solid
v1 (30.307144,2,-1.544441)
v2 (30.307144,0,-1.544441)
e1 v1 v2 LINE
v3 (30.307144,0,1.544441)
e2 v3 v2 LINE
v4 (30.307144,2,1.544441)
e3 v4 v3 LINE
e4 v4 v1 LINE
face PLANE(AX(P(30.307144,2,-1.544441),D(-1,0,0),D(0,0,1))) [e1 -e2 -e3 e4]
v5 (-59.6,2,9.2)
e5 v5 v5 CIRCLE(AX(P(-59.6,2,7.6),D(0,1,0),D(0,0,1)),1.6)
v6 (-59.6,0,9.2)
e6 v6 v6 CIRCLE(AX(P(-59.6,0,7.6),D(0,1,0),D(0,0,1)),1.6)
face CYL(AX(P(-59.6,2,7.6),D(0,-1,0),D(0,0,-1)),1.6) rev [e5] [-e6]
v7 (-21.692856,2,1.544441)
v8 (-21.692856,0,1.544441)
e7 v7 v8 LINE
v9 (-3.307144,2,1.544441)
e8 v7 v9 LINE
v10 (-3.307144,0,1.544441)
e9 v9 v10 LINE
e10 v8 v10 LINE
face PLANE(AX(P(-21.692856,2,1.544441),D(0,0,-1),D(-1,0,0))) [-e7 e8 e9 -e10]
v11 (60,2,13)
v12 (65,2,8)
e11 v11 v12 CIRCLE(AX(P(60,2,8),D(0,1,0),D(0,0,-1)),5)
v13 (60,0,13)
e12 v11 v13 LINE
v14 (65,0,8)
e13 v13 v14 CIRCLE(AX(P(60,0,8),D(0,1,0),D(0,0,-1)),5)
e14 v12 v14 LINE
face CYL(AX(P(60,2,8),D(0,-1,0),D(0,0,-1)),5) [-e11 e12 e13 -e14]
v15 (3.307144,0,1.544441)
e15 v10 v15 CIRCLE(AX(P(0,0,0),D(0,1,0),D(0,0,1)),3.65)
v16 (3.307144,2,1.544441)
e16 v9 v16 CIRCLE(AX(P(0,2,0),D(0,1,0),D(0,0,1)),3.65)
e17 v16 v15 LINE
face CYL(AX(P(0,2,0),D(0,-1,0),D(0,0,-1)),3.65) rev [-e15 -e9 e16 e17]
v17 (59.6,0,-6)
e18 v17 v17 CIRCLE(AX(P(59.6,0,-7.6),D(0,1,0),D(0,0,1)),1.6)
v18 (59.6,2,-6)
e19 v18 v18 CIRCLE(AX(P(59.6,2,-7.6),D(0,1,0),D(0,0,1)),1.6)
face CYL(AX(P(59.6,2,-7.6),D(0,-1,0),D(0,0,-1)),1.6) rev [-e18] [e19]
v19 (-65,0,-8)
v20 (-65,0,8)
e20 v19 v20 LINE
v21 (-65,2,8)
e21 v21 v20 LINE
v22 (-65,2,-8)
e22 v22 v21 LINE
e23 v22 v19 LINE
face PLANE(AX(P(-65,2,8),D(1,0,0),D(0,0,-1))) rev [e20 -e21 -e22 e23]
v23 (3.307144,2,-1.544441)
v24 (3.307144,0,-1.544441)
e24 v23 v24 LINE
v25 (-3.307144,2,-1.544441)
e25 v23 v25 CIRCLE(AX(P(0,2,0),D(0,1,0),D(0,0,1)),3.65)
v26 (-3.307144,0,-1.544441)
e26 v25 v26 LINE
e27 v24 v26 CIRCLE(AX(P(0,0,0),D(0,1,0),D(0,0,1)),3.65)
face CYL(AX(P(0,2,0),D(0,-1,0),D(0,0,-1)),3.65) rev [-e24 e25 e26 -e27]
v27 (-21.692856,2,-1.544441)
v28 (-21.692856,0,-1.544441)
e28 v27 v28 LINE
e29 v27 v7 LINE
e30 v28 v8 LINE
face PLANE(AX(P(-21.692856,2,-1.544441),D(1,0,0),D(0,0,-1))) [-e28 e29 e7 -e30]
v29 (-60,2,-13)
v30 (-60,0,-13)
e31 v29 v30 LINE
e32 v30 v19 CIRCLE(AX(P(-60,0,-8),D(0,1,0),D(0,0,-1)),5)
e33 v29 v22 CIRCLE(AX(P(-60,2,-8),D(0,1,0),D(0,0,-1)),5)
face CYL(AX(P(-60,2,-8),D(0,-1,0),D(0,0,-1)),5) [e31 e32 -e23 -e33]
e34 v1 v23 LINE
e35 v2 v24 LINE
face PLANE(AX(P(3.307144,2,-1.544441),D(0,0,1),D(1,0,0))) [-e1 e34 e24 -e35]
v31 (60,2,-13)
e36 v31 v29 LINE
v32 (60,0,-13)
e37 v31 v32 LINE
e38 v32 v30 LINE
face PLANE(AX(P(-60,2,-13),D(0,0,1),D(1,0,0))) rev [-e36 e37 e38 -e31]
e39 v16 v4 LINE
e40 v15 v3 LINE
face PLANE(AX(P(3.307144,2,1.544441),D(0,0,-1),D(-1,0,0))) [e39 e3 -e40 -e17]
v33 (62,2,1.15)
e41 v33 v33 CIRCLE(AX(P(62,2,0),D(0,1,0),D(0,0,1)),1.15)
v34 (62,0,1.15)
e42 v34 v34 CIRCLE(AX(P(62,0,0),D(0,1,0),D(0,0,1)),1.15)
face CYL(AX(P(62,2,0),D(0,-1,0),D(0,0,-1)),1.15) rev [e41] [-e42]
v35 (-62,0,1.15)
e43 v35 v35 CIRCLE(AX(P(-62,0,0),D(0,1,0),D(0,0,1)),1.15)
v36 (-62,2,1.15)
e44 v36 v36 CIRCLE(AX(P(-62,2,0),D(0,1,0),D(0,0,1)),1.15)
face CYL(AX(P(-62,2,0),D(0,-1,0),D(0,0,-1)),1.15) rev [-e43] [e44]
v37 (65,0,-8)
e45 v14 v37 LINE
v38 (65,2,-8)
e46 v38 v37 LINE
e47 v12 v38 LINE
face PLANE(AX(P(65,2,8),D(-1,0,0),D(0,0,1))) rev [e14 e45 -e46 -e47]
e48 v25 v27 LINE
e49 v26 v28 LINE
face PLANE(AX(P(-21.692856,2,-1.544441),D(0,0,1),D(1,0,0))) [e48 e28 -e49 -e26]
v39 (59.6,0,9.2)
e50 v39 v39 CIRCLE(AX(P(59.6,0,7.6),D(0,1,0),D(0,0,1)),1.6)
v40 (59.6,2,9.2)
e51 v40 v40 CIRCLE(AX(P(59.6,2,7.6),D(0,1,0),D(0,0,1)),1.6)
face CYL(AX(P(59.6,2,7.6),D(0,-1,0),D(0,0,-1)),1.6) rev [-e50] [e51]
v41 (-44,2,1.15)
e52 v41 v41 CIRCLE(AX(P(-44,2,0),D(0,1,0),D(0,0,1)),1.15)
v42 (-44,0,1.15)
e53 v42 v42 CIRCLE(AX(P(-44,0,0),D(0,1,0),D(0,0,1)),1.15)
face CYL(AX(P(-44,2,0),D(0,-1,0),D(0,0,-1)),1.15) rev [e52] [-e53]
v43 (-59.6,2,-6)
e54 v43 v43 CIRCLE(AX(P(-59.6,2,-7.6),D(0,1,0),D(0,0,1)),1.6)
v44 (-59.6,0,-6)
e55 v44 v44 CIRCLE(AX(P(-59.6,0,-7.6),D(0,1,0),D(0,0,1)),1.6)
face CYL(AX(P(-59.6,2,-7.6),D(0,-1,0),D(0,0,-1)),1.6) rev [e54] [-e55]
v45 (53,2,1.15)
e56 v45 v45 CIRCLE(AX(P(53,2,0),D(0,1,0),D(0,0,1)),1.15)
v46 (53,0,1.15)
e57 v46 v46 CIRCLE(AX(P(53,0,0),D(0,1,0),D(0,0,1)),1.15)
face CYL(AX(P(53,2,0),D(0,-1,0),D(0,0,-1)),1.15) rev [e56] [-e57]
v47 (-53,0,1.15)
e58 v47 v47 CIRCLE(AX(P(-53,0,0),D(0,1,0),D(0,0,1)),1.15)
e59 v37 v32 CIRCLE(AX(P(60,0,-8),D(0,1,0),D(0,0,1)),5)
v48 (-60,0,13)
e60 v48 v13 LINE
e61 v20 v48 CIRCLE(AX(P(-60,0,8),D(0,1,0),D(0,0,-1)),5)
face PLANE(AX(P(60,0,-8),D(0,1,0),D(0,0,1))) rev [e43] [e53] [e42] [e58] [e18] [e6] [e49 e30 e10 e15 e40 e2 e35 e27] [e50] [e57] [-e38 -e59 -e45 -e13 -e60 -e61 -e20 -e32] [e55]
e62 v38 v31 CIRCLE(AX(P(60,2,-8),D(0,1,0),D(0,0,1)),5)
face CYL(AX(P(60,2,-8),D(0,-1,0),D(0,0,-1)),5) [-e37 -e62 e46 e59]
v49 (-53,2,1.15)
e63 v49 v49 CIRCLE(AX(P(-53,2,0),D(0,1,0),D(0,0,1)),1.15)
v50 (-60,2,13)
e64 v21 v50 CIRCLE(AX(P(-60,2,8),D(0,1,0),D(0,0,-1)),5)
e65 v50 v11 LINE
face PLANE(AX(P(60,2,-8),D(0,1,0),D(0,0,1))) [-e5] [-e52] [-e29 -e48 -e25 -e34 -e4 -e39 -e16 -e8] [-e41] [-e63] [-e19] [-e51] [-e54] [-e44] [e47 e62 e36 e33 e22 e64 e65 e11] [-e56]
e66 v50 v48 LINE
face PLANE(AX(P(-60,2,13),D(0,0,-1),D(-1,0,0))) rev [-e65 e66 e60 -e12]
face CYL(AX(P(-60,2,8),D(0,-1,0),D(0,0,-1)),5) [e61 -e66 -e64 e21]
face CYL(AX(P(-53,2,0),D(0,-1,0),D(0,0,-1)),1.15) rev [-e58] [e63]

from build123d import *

# Parameters (mm, degrees)
ESBO_O1_R                = 1.6
ESBO_O1_R_2              = 1.15
RESSALTO_EXTRUS_O1_DEPTH = 2


with BuildPart() as part:
    # Esboço1 → Ressalto-extrusão1 (new body)
    with BuildSketch(Plane(origin=(0, 0, 0), x_dir=(1, 0, 0), z_dir=(0, 1, 0))):
        with BuildLine():
            Line((-60, -13), (60, -13))
            ThreePointArc((60, -13), (63.535533906, -11.535533906), (65, -8))
            Line((65, -8), (65, 8))
            ThreePointArc((65, 8), (63.535533906, 11.535533906), (60, 13))
            Line((60, 13), (-60, 13))
            ThreePointArc((-60, 13), (-63.535533906, 11.535533906), (-65, 8))
            Line((-65, 8), (-65, -8))
            ThreePointArc((-65, -8), (-63.535533906, -11.535533906), (-60, -13))
        make_face()
        with Locations((59.6, 7.6)):
            Circle(ESBO_O1_R, mode=Mode.SUBTRACT)
        with Locations((59.6, -7.6)):
            Circle(ESBO_O1_R, mode=Mode.SUBTRACT)
        with Locations((62, 0)):
            Circle(ESBO_O1_R_2, mode=Mode.SUBTRACT)
        with Locations((53, 0)):
            Circle(ESBO_O1_R_2, mode=Mode.SUBTRACT)
        with Locations((-59.6, 7.6)):
            Circle(ESBO_O1_R, mode=Mode.SUBTRACT)
        with Locations((-59.6, -7.6)):
            Circle(ESBO_O1_R, mode=Mode.SUBTRACT)
        with Locations((-53, 0)):
            Circle(ESBO_O1_R_2, mode=Mode.SUBTRACT)
        with Locations((-62, 0)):
            Circle(ESBO_O1_R_2, mode=Mode.SUBTRACT)
        with Locations((-44, 0)):
            Circle(ESBO_O1_R_2, mode=Mode.SUBTRACT)
        with BuildLine():
            Line((3.307143995, -1.544441193), (30.307143995, -1.544441193))
            Line((30.307143995, -1.544441193), (30.307143995, 1.544441193))
            Line((30.307143995, 1.544441193), (3.307143995, 1.544441193))
            ThreePointArc((3.307143995, 1.544441193), (0, 3.65), (-3.307143995, 1.544441193))
            Line((-3.307143995, 1.544441193), (-21.692856005, 1.544441193))
            Line((-21.692856005, 1.544441193), (-21.692856005, -1.544441193))
            Line((-21.692856005, -1.544441193), (-3.307143995, -1.544441193))
            ThreePointArc((-3.307143995, -1.544441193), (0, -3.65), (3.307143995, -1.544441193))
        make_face(mode=Mode.SUBTRACT)
    extrude(amount=RESSALTO_EXTRUS_O1_DEPTH)


solid = part.part
